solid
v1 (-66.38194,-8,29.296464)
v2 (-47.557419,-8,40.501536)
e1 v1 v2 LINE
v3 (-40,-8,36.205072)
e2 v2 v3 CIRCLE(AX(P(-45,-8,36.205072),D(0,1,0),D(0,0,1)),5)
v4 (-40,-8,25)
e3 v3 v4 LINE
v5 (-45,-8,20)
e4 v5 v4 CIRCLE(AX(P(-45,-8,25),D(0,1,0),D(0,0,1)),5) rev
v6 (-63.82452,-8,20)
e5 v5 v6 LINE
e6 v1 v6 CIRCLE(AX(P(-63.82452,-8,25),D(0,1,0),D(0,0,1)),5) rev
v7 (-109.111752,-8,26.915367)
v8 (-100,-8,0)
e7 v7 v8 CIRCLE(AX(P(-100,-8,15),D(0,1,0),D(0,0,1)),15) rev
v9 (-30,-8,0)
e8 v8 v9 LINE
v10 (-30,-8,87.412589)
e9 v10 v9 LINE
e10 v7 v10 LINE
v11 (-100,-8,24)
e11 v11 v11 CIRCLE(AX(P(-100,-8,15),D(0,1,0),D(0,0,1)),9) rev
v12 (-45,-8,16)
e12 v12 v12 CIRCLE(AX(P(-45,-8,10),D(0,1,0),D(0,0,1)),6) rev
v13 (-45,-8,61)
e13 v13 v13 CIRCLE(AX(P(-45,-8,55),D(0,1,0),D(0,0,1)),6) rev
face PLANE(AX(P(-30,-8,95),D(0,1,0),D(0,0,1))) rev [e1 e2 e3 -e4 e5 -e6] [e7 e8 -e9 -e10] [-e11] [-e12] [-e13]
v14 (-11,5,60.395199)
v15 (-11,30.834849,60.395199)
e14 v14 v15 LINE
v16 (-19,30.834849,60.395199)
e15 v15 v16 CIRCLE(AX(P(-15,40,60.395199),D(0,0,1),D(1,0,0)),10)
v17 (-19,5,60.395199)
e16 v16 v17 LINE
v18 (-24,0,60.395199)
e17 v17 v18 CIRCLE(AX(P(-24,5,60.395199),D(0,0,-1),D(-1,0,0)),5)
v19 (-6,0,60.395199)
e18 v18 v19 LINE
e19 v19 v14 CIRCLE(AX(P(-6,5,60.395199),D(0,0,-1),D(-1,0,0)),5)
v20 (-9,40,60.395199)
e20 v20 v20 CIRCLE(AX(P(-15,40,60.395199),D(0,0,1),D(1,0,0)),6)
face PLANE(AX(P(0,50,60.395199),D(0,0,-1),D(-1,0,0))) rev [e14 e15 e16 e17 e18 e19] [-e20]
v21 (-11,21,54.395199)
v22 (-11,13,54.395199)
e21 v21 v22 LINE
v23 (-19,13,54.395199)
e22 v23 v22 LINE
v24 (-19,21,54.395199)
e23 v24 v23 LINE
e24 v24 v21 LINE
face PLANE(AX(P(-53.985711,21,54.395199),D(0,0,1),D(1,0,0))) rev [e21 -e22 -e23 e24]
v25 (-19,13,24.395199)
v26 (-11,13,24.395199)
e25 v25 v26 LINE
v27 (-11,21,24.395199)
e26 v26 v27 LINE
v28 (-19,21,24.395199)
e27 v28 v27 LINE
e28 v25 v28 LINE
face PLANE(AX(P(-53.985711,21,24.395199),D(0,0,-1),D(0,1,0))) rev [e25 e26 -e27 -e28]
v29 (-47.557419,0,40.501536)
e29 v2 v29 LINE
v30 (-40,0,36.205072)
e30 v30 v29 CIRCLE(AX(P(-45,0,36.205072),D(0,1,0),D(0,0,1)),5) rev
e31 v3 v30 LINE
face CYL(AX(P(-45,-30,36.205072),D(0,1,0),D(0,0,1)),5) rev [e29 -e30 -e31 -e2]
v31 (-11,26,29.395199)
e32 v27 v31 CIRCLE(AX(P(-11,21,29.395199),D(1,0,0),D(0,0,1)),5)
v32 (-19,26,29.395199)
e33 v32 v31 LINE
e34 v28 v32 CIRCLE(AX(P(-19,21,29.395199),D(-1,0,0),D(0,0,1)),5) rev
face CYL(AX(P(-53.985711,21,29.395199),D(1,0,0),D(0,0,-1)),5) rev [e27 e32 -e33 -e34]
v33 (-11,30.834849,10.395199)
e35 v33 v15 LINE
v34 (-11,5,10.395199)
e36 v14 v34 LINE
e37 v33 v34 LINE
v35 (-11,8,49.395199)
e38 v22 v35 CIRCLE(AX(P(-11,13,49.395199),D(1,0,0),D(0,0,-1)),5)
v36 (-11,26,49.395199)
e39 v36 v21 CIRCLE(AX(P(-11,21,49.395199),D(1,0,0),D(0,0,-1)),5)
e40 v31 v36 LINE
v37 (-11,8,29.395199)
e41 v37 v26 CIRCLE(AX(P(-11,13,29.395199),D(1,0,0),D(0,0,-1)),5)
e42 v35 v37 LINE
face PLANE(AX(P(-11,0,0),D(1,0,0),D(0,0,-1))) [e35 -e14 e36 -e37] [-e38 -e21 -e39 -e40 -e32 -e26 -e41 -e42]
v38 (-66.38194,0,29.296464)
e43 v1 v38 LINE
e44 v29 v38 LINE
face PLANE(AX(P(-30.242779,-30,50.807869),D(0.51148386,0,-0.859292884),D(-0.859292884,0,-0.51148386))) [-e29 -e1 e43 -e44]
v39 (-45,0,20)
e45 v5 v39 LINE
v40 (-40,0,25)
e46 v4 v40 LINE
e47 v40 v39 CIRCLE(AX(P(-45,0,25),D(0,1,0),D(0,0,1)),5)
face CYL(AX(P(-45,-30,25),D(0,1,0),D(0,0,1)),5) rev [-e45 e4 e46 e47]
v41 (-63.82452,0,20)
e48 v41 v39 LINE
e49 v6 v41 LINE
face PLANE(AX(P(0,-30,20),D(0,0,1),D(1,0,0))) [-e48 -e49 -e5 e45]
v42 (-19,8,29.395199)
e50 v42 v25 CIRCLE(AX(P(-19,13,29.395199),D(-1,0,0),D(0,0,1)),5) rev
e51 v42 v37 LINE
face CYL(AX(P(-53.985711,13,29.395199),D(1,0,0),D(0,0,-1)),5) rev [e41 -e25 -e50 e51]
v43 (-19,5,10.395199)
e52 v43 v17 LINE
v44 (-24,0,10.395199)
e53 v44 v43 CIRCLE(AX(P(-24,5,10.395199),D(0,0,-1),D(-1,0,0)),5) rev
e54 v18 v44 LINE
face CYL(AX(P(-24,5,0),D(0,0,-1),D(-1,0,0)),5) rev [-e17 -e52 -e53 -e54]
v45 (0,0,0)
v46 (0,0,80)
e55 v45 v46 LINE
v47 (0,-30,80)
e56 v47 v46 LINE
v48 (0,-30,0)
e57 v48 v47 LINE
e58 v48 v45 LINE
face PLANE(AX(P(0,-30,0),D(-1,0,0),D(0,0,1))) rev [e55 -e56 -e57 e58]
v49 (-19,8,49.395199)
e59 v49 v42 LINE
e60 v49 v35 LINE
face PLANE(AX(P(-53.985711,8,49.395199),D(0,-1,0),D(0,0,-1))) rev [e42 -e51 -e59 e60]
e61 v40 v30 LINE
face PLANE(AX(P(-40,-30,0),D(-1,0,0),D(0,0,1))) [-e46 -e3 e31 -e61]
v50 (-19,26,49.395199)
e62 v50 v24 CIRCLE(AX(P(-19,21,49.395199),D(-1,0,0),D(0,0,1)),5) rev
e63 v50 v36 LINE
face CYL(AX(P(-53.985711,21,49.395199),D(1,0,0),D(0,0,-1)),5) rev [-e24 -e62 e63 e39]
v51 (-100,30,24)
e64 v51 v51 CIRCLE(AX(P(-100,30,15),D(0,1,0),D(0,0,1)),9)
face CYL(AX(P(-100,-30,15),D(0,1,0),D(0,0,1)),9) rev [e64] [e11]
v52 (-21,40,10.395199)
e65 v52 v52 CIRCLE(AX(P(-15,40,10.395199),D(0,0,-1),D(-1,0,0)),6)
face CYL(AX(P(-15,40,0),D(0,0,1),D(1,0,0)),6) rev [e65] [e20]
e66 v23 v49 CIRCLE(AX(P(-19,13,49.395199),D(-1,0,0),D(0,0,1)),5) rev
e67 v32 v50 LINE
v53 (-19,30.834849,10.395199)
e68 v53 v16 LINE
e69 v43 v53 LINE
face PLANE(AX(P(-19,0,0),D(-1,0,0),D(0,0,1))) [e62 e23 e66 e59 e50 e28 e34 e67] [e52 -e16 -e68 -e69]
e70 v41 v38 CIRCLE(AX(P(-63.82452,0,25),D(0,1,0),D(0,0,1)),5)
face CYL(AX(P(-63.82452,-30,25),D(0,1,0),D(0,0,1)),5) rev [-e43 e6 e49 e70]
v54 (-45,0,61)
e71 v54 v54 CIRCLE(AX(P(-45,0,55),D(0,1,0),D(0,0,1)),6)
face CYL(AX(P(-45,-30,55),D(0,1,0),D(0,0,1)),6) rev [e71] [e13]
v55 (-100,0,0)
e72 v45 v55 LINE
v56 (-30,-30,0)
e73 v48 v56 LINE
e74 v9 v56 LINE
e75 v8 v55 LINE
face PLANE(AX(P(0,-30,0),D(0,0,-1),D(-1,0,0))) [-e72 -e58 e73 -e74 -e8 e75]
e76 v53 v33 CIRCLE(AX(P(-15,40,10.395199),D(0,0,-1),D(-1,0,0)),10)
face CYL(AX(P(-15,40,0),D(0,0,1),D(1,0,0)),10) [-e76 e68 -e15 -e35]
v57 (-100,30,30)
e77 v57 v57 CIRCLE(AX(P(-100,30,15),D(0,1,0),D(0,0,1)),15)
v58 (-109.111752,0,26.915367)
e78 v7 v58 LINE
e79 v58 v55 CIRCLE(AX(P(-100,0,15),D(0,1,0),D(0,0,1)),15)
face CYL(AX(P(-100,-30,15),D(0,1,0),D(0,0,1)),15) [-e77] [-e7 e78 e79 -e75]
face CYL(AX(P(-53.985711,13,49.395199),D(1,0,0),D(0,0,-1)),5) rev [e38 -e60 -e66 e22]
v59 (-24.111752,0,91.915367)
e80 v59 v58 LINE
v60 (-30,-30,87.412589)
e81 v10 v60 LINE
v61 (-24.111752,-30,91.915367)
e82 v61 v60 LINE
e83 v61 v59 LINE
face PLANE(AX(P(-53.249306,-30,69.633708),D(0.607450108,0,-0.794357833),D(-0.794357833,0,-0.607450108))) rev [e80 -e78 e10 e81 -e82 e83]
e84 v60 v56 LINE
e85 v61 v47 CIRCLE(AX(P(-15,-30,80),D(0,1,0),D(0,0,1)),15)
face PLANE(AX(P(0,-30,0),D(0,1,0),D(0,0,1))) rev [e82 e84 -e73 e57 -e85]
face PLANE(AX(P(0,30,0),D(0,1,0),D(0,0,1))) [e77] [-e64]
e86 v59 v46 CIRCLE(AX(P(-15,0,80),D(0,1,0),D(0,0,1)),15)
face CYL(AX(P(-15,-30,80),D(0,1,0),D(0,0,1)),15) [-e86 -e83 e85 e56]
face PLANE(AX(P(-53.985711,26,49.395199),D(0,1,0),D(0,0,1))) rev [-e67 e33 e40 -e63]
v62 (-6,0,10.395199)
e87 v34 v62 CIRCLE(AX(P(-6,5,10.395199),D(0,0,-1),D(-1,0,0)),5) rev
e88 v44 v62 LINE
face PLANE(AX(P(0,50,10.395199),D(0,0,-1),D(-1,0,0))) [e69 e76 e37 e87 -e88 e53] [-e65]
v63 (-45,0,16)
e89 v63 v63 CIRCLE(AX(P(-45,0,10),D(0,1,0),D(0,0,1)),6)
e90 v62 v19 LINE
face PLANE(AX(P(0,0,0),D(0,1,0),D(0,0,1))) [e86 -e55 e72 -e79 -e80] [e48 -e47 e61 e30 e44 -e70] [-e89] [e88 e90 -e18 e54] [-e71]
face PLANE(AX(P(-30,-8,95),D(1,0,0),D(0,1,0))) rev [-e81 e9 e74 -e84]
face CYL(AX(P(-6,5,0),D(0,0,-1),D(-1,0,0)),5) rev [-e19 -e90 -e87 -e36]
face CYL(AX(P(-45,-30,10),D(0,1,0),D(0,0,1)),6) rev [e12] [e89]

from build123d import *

# Parameters (mm, degrees)
SKETCH1_R           = 15
SKETCH1_R_2         = 9
SKETCH1_R_3         = 6
SKETCH1_W           = 10
SKETCH1_H           = 50
BOSS_EXTRUDE2_DEPTH = 30
SKETCH2_W           = 112.950636881
SKETCH2_H           = 38.744396061
CUT_EXTRUDE1_DEPTH  = 153.151240547
BOSS_EXTRUDE3_START = 30
SKETCH1_3_R         = 15
SKETCH1_3_R_2       = 9
BOSS_EXTRUDE3_DEPTH = 30
SKETCH1_4_W         = 20
SKETCH1_4_H         = 50
BOSS_EXTRUDE4_DEPTH = 50
SKETCH3_R           = 6
CUT_EXTRUDE2_DEPTH  = 140.185416071
FILLET1_R           = 5
CUT_EXTRUDE3_DEPTH  = 8


with BuildPart() as part:
    # Sketch1 → Boss-Extrude2 (new body)
    # profile 1 of 4: a face of its own
    with BuildSketch(Plane(origin=(0, 0, 0), x_dir=(1, 0, 0), z_dir=(0, 1, 0))):
        with Locations((-100, -15)):
            Circle(SKETCH1_R)
        with Locations(Location((-100, -15, 0), (0, 0, 270))):
            Circle(SKETCH1_R_2, mode=Mode.SUBTRACT)
    # profile 2 of 4: a face of its own
    with BuildSketch(Plane(origin=(0, 0, 0), x_dir=(1, 0, 0), z_dir=(0, 1, 0))):
        with BuildLine():
            Line((0, -80), (0, 0))
            Line((0, 0), (-100, 0))
            ThreePointArc((-100, 0), (-89.393398282, -4.393398282), (-85, -15))
            ThreePointArc((-85, -15), (-93.354560745, -28.447607114), (-109.111751614, -26.915367495))
            Line((-109.111751614, -26.915367495), (-24.111751614, -91.915367495))
            ThreePointArc((-24.111751614, -91.915367495), (-8.354560745, -93.447607114), (0, -80))
        make_face()
        with Locations(Location((-45, -55, 0), (0, 0, 270))):
            Circle(SKETCH1_R_3, mode=Mode.SUBTRACT)
        with BuildLine():
            ThreePointArc((-66.381939771, -29.296464422), (-68.64542921, -23.673787745), (-63.824520472, -20))
            Line((-63.824520472, -20), (-45, -20))
            ThreePointArc((-45, -20), (-41.464466094, -21.464466094), (-40, -25))
            Line((-40, -25), (-40, -36.20507171))
            ThreePointArc((-40, -36.20507171), (-42.528876419, -40.551742648), (-47.557419299, -40.501536132))
            Line((-47.557419299, -40.501536132), (-66.381939771, -29.296464422))
        make_face(mode=Mode.SUBTRACT)
        Polygon((-25, -60.395198873), (-25, -10.395198873), (-15, -10.395198873), (-5, -10.395198873), (-5, -60.395198873), (-15, -60.395198873), align=None, mode=Mode.SUBTRACT)
        with Locations(Location((-45, -10, 0), (0, 0, 270))):
            Circle(SKETCH1_R_3, mode=Mode.SUBTRACT)
    # profile 3 of 4: a face of its own
    with BuildSketch(Plane(origin=(0, 0, 0), x_dir=(1, 0, 0), z_dir=(0, 1, 0))):
        with Locations((-10, -35.395198873)):
            Rectangle(SKETCH1_W, SKETCH1_H)
    # profile 4 of 4: a face of its own
    with BuildSketch(Plane(origin=(0, 0, 0), x_dir=(1, 0, 0), z_dir=(0, 1, 0))):
        with Locations((-20, -35.395198873)):
            Rectangle(SKETCH1_W, SKETCH1_H)
    extrude(amount=-BOSS_EXTRUDE2_DEPTH)

    # Sketch2 → Cut-Extrude1 (cut, through all)
    with BuildSketch(Plane(origin=(0, 0, 0), x_dir=(-1, 0, 0), z_dir=(0, 0, -1))):
        with Locations((86.475318441, -27.372198031)):
            Rectangle(SKETCH2_W, SKETCH2_H)
    extrude(amount=-CUT_EXTRUDE1_DEPTH, mode=Mode.SUBTRACT)

    # Sketch1<3> → Boss-Extrude3 (add)
    with BuildSketch(Plane(origin=(0, 0, 0), x_dir=(1, 0, 0), z_dir=(0, 1, 0)).offset(BOSS_EXTRUDE3_START)):
        with Locations(Location((-100, -15, 0), (0, 0, 270))):
            Circle(SKETCH1_3_R)
        with Locations(Location((-100, -15, 0), (0, 0, 270))):
            Circle(SKETCH1_3_R_2, mode=Mode.SUBTRACT)
    extrude(amount=-BOSS_EXTRUDE3_DEPTH)

    # Sketch1<4> → Boss-Extrude4 (add)
    with BuildSketch(Plane(origin=(0, 0, 0), x_dir=(1, 0, 0), z_dir=(0, 1, 0))):
        with Locations((-15, -35.395198873)):
            Rectangle(SKETCH1_4_W, SKETCH1_4_H)
    extrude(amount=BOSS_EXTRUDE4_DEPTH)

    # Sketch3 → Cut-Extrude2 (cut, through all)
    with BuildSketch(Plane.XY.offset(60.395198873)):
        with BuildLine():
            ThreePointArc((-19, 30.83484861), (-23.366600265, 34.522774425), (-25, 40))
            Line((-25, 40), (-25, 0))
            Line((-25, 0), (-19, 0))
            Line((-19, 0), (-19, 30.83484861))
        make_face()
        with BuildLine():
            Line((-5, 0), (-5, 40))
            ThreePointArc((-5, 40), (-6.633399735, 34.522774425), (-11, 30.83484861))
            Line((-11, 30.83484861), (-11, 0))
            Line((-11, 0), (-5, 0))
        make_face()
        with BuildLine():
            Line((-5, 50), (-14.999999965, 50))
            ThreePointArc((-14.999999965, 50), (-7.928932176, 47.0710678), (-5, 40))
            Line((-5, 40), (-5, 50))
        make_face()
        with BuildLine():
            Line((-14.999999965, 50), (-25, 50))
            Line((-25, 50), (-25, 40))
            ThreePointArc((-25, 40), (-22.0710678, 47.071067824), (-14.999999965, 50))
        make_face()
        with Locations((-15, 40)):
            Circle(SKETCH3_R)
    extrude(amount=-CUT_EXTRUDE2_DEPTH, mode=Mode.SUBTRACT)

    # Fillet1
    fillet1_edges = [part.edges().sort_by_distance(p)[0] for p in [
        (-19, 0, 35.395198873),
        (-11, 0, 35.395198873),
    ]]
    fillet(fillet1_edges, radius=FILLET1_R)

    # Sketch4 → Cut-Extrude3 (cut)
    with BuildSketch(Plane(origin=(-11, 0, 0), x_dir=(0, 0, -1), z_dir=(1, 0, 0))):
        with BuildLine():
            Line((-49.395198873, 26), (-29.395198873, 26))
            ThreePointArc((-29.395198873, 26), (-25.859664967, 24.535533906), (-24.395198873, 21))
            Line((-24.395198873, 21), (-24.395198873, 13))
            ThreePointArc((-24.395198873, 13), (-25.859664967, 9.464466094), (-29.395198873, 8))
            Line((-29.395198873, 8), (-49.395198873, 8))
            ThreePointArc((-49.395198873, 8), (-52.930732779, 9.464466094), (-54.395198873, 13))
            Line((-54.395198873, 13), (-54.395198873, 21))
            ThreePointArc((-54.395198873, 21), (-52.930732779, 24.535533906), (-49.395198873, 26))
        make_face()
    extrude(amount=-CUT_EXTRUDE3_DEPTH, mode=Mode.SUBTRACT)


solid = part.part
